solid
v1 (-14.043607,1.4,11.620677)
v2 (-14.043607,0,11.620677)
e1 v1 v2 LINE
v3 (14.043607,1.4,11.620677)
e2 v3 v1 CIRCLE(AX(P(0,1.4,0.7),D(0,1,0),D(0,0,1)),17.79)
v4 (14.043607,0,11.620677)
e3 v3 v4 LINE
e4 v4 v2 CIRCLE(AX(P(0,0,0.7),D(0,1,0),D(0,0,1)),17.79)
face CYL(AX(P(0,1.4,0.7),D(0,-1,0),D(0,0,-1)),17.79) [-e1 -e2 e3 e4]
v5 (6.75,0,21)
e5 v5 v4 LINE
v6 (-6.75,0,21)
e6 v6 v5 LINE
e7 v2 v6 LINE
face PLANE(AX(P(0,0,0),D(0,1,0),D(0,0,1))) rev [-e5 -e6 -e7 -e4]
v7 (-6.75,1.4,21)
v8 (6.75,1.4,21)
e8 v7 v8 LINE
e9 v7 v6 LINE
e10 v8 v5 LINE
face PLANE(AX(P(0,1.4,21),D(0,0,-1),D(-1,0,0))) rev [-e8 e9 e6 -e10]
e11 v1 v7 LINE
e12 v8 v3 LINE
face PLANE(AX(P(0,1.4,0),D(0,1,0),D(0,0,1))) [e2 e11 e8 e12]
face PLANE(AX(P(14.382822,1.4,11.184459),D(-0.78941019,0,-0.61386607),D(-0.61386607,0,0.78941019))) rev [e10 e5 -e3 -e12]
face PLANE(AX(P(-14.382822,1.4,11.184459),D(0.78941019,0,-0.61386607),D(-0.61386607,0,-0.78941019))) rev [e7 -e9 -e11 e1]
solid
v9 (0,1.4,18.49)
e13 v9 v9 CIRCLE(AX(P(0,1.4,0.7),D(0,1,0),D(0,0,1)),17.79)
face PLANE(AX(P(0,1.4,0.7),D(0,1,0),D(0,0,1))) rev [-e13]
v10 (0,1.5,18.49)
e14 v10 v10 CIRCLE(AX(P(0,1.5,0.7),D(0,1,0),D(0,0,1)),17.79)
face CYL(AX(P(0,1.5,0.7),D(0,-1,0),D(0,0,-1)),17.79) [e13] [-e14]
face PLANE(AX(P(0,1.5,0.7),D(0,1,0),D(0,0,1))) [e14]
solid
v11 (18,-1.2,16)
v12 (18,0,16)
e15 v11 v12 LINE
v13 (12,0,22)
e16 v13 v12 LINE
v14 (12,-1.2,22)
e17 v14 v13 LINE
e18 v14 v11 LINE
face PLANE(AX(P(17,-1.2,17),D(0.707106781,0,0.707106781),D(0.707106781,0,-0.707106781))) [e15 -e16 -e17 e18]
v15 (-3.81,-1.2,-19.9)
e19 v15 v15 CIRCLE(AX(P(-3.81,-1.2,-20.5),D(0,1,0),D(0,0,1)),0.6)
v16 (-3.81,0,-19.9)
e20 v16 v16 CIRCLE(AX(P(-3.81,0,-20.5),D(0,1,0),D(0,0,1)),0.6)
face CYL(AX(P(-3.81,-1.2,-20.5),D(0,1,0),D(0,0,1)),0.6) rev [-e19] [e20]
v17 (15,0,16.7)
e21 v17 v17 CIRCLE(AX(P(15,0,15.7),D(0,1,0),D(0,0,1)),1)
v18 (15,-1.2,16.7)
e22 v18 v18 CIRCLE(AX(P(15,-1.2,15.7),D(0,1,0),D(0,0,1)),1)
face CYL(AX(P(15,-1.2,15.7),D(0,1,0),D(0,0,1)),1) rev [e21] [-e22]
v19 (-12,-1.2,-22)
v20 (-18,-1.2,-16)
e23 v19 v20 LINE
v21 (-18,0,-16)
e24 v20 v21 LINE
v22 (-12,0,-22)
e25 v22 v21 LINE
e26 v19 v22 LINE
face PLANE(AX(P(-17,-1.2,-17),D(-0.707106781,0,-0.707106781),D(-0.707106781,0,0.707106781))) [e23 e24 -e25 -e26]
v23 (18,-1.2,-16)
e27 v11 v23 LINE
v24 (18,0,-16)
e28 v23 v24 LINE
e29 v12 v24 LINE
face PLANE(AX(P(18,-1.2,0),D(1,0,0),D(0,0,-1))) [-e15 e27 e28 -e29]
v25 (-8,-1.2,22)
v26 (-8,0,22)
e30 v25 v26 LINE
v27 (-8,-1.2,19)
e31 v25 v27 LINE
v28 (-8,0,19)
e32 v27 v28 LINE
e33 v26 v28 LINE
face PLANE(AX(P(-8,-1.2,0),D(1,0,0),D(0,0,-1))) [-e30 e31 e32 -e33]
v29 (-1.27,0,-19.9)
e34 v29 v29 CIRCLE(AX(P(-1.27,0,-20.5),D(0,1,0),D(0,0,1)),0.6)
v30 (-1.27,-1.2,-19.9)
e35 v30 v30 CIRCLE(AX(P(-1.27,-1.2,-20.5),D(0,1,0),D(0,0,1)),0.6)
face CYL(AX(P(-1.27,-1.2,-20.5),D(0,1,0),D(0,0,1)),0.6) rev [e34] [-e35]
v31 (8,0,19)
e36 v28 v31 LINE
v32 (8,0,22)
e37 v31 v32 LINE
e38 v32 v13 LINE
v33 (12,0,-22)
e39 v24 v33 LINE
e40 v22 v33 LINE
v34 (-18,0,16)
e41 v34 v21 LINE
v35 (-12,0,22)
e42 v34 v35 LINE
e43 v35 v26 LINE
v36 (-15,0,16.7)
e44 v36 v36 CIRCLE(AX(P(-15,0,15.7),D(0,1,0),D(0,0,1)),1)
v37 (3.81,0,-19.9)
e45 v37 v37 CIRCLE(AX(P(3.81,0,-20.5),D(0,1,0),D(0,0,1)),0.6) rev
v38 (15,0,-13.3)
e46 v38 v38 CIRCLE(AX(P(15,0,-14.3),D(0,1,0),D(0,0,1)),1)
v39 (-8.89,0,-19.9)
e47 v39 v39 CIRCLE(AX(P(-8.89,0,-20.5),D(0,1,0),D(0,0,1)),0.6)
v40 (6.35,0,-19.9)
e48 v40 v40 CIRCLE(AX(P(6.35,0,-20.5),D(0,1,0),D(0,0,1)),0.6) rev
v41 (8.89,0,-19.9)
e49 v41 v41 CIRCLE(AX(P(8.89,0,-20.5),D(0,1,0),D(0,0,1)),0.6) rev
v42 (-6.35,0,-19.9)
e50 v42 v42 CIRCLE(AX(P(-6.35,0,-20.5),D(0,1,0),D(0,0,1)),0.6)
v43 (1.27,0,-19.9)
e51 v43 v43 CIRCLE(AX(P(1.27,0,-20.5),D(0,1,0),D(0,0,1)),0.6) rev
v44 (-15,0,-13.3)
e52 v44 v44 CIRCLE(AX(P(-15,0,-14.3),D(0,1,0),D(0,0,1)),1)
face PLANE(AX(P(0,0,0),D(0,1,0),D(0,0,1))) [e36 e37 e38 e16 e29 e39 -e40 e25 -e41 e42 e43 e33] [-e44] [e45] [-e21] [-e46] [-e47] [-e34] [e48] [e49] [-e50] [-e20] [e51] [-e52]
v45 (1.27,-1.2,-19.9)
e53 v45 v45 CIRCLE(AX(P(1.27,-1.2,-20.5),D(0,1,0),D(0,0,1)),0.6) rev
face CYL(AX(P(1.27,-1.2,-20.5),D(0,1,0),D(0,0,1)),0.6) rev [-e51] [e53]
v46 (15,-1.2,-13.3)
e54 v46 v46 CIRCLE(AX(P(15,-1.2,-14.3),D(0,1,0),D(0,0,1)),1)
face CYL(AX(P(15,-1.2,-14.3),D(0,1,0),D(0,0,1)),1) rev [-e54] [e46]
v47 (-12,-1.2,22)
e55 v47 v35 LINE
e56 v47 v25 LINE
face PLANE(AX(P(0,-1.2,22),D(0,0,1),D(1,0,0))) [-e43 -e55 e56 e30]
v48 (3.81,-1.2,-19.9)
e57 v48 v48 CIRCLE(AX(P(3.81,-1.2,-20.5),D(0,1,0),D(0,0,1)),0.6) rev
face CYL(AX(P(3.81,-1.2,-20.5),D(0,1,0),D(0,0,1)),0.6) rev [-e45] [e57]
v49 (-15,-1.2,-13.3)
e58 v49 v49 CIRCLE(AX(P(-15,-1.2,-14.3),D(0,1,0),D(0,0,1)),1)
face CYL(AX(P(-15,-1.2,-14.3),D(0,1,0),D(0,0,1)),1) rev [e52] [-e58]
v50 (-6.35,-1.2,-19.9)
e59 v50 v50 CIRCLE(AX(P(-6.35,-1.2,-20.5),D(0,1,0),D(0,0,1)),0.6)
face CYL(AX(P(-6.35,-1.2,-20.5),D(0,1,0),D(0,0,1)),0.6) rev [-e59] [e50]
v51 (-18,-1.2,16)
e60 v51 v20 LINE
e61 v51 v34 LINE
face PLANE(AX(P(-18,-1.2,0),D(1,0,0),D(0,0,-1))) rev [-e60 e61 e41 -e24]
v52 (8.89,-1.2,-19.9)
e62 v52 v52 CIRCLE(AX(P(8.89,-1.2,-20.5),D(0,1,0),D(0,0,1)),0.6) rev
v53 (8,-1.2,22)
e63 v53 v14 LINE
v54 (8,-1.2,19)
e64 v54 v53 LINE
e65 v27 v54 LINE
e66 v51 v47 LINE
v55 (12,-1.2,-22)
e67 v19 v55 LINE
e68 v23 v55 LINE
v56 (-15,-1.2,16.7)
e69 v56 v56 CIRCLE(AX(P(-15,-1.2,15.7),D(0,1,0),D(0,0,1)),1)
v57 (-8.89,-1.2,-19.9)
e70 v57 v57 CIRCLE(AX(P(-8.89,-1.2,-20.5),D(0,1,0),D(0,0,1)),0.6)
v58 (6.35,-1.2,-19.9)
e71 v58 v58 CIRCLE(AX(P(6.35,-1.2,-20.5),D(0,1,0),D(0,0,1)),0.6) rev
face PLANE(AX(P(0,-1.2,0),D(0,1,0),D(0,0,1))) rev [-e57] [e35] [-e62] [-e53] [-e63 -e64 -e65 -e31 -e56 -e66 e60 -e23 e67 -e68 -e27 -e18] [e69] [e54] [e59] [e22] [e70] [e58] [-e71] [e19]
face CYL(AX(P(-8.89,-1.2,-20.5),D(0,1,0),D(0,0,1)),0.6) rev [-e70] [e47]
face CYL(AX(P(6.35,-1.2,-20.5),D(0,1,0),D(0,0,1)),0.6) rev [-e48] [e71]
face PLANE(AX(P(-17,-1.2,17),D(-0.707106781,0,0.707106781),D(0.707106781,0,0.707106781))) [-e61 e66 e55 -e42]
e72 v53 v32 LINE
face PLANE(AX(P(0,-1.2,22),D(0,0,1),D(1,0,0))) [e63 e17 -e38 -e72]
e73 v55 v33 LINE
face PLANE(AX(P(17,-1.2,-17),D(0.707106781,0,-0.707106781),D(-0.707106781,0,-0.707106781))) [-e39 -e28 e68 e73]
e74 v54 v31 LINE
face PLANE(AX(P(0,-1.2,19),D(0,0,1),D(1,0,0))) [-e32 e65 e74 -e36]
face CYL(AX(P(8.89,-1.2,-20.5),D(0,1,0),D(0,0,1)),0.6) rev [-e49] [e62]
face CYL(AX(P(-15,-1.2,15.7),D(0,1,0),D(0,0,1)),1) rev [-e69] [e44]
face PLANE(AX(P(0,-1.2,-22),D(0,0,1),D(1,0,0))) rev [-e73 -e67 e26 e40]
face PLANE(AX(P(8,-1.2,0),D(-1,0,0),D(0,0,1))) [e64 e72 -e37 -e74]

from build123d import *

# Parameters (mm, degrees)
SKETCH2_R           = 1
SKETCH2_R_2         = 0.6
SKETCH2_R_3         = 17.79
SKETCH2_R_4         = 16.2
BOSS_EXTRUDE1_DEPTH = 1.2
SKETCH2_3_R         = 17.79
SKETCH2_3_R_2       = 16.2
BOSS_EXTRUDE2_DEPTH = 1.4
BOSS_EXTRUDE3_START = 1.4
SKETCH2_4_R         = 17.79
SKETCH2_4_R_2       = 16.2
BOSS_EXTRUDE3_DEPTH = 0.1


with BuildPart() as part:
    # Sketch2 → Boss-Extrude1 (new body)
    # profile 1 of 4: a face of its own
    with BuildSketch(Plane(origin=(0, 0, 0), x_dir=(1, 0, 0), z_dir=(0, 1, 0))):
        with BuildLine():
            Line((-18, 16), (-18, -16))
            Line((-18, -16), (-12, -22))
            Line((-12, -22), (-8, -22))
            Line((-8, -22), (-8, -19.392543934))
            Line((-8, -19.392543934), (-14.043607284, -11.620677381))
            ThreePointArc((-14.043607284, -11.620677381), (-5.772708481, 16.127356797), (17.79, -0.7))
            ThreePointArc((17.79, -0.7), (16.827356797, -6.472708481), (14.043607284, -11.620677381))
            Line((14.043607284, -11.620677381), (8, -19.392543934))
            Line((8, -19.392543934), (8, -22))
            Line((8, -22), (12, -22))
            Line((12, -22), (18, -16))
            Line((18, -16), (18, 16))
            Line((18, 16), (12, 22))
            Line((12, 22), (-12, 22))
            Line((-12, 22), (-18, 16))
        make_face()
        with Locations(Location((-15, -15.7, 0), (0, 0, 270))):
            Circle(SKETCH2_R, mode=Mode.SUBTRACT)
        with Locations(Location((15, -15.7, 0), (0, 0, 270))):
            Circle(SKETCH2_R, mode=Mode.SUBTRACT)
        with Locations(Location((-15, 14.3, 0), (0, 0, 270))):
            Circle(SKETCH2_R, mode=Mode.SUBTRACT)
        with Locations(Location((-8.89, 20.5, 0), (0, 0, 270))):
            Circle(SKETCH2_R_2, mode=Mode.SUBTRACT)
        with Locations(Location((-6.35, 20.5, 0), (0, 0, 270))):
            Circle(SKETCH2_R_2, mode=Mode.SUBTRACT)
        with Locations(Location((-3.81, 20.5, 0), (0, 0, 270))):
            Circle(SKETCH2_R_2, mode=Mode.SUBTRACT)
        with Locations(Location((-1.27, 20.5, 0), (0, 0, 270))):
            Circle(SKETCH2_R_2, mode=Mode.SUBTRACT)
        with Locations(Location((1.27, 20.5, 0), (0, 0, 270))):
            Circle(SKETCH2_R_2, mode=Mode.SUBTRACT)
        with Locations(Location((3.81, 20.5, 0), (0, 0, 270))):
            Circle(SKETCH2_R_2, mode=Mode.SUBTRACT)
        with Locations(Location((6.35, 20.5, 0), (0, 0, 270))):
            Circle(SKETCH2_R_2, mode=Mode.SUBTRACT)
        with Locations(Location((8.89, 20.5, 0), (0, 0, 270))):
            Circle(SKETCH2_R_2, mode=Mode.SUBTRACT)
        with Locations(Location((15, 14.3, 0), (0, 0, 270))):
            Circle(SKETCH2_R, mode=Mode.SUBTRACT)
    # profile 2 of 4: a face of its own
    with BuildSketch(Plane(origin=(0, 0, 0), x_dir=(1, 0, 0), z_dir=(0, 1, 0))):
        with Locations((0, -0.7)):
            Circle(SKETCH2_R_3)
        with Locations((0, -0.7)):
            Circle(SKETCH2_R_4, mode=Mode.SUBTRACT)
    # profile 3 of 4: a face of its own
    with BuildSketch(Plane(origin=(0, 0, 0), x_dir=(1, 0, 0), z_dir=(0, 1, 0))):
        with Locations((0, -0.7)):
            Circle(SKETCH2_R_4)
    # profile 4 of 4: a face of its own
    with BuildSketch(Plane(origin=(0, 0, 0), x_dir=(1, 0, 0), z_dir=(0, 1, 0))):
        with BuildLine():
            Line((-14.043607284, -11.620677381), (-8, -19.392543934))
            Line((-8, -19.392543934), (-8, -19))
            Line((-8, -19), (8, -19))
            Line((8, -19), (8, -19.392543934))
            Line((8, -19.392543934), (14.043607284, -11.620677381))
            ThreePointArc((14.043607284, -11.620677381), (0, -18.49), (-14.043607284, -11.620677381))
        make_face()
    extrude(amount=-BOSS_EXTRUDE1_DEPTH)


with BuildPart() as body_2:
    # Sketch2<3> → Boss-Extrude2 (new body)
    # profile 1 of 4: a face of its own
    with BuildSketch(Plane(origin=(0, 0, 0), x_dir=(1, 0, 0), z_dir=(0, 1, 0))):
        with BuildLine():
            Line((-14.043607284, -11.620677381), (-8, -19.392543934))
            Line((-8, -19.392543934), (-8, -19))
            Line((-8, -19), (8, -19))
            Line((8, -19), (8, -19.392543934))
            Line((8, -19.392543934), (14.043607284, -11.620677381))
            ThreePointArc((14.043607284, -11.620677381), (0, -18.49), (-14.043607284, -11.620677381))
        make_face()
    # profile 2 of 4: a face of its own
    with BuildSketch(Plane(origin=(0, 0, 0), x_dir=(1, 0, 0), z_dir=(0, 1, 0))):
        with Locations((0, -0.7)):
            Circle(SKETCH2_3_R)
        with Locations((0, -0.7)):
            Circle(SKETCH2_3_R_2, mode=Mode.SUBTRACT)
    # profile 3 of 4: a face of its own
    with BuildSketch(Plane(origin=(0, 0, 0), x_dir=(1, 0, 0), z_dir=(0, 1, 0))):
        Polygon((-8, -19), (-8, -19.392543934), (-6.75, -21), (6.75, -21), (8, -19.392543934), (8, -19), align=None)
    # profile 4 of 4: a face of its own
    with BuildSketch(Plane(origin=(0, 0, 0), x_dir=(1, 0, 0), z_dir=(0, 1, 0))):
        with Locations((0, -0.7)):
            Circle(SKETCH2_3_R_2)
    extrude(amount=BOSS_EXTRUDE2_DEPTH)


with BuildPart() as body_3:
    # Sketch2<4> → Boss-Extrude3 (new body)
    # profile 1 of 2: a face of its own
    with BuildSketch(Plane(origin=(0, 0, 0), x_dir=(1, 0, 0), z_dir=(0, 1, 0)).offset(BOSS_EXTRUDE3_START)):
        with Locations(Location((0, -0.7, 0), (0, 0, 270))):
            Circle(SKETCH2_4_R)
        with Locations((0, -0.7)):
            Circle(SKETCH2_4_R_2, mode=Mode.SUBTRACT)
    # profile 2 of 2: a face of its own
    with BuildSketch(Plane(origin=(0, 0, 0), x_dir=(1, 0, 0), z_dir=(0, 1, 0)).offset(BOSS_EXTRUDE3_START)):
        with Locations((0, -0.7)):
            Circle(SKETCH2_4_R_2)
    extrude(amount=BOSS_EXTRUDE3_DEPTH)


solid = Compound([part.part, body_2.part, body_3.part])
